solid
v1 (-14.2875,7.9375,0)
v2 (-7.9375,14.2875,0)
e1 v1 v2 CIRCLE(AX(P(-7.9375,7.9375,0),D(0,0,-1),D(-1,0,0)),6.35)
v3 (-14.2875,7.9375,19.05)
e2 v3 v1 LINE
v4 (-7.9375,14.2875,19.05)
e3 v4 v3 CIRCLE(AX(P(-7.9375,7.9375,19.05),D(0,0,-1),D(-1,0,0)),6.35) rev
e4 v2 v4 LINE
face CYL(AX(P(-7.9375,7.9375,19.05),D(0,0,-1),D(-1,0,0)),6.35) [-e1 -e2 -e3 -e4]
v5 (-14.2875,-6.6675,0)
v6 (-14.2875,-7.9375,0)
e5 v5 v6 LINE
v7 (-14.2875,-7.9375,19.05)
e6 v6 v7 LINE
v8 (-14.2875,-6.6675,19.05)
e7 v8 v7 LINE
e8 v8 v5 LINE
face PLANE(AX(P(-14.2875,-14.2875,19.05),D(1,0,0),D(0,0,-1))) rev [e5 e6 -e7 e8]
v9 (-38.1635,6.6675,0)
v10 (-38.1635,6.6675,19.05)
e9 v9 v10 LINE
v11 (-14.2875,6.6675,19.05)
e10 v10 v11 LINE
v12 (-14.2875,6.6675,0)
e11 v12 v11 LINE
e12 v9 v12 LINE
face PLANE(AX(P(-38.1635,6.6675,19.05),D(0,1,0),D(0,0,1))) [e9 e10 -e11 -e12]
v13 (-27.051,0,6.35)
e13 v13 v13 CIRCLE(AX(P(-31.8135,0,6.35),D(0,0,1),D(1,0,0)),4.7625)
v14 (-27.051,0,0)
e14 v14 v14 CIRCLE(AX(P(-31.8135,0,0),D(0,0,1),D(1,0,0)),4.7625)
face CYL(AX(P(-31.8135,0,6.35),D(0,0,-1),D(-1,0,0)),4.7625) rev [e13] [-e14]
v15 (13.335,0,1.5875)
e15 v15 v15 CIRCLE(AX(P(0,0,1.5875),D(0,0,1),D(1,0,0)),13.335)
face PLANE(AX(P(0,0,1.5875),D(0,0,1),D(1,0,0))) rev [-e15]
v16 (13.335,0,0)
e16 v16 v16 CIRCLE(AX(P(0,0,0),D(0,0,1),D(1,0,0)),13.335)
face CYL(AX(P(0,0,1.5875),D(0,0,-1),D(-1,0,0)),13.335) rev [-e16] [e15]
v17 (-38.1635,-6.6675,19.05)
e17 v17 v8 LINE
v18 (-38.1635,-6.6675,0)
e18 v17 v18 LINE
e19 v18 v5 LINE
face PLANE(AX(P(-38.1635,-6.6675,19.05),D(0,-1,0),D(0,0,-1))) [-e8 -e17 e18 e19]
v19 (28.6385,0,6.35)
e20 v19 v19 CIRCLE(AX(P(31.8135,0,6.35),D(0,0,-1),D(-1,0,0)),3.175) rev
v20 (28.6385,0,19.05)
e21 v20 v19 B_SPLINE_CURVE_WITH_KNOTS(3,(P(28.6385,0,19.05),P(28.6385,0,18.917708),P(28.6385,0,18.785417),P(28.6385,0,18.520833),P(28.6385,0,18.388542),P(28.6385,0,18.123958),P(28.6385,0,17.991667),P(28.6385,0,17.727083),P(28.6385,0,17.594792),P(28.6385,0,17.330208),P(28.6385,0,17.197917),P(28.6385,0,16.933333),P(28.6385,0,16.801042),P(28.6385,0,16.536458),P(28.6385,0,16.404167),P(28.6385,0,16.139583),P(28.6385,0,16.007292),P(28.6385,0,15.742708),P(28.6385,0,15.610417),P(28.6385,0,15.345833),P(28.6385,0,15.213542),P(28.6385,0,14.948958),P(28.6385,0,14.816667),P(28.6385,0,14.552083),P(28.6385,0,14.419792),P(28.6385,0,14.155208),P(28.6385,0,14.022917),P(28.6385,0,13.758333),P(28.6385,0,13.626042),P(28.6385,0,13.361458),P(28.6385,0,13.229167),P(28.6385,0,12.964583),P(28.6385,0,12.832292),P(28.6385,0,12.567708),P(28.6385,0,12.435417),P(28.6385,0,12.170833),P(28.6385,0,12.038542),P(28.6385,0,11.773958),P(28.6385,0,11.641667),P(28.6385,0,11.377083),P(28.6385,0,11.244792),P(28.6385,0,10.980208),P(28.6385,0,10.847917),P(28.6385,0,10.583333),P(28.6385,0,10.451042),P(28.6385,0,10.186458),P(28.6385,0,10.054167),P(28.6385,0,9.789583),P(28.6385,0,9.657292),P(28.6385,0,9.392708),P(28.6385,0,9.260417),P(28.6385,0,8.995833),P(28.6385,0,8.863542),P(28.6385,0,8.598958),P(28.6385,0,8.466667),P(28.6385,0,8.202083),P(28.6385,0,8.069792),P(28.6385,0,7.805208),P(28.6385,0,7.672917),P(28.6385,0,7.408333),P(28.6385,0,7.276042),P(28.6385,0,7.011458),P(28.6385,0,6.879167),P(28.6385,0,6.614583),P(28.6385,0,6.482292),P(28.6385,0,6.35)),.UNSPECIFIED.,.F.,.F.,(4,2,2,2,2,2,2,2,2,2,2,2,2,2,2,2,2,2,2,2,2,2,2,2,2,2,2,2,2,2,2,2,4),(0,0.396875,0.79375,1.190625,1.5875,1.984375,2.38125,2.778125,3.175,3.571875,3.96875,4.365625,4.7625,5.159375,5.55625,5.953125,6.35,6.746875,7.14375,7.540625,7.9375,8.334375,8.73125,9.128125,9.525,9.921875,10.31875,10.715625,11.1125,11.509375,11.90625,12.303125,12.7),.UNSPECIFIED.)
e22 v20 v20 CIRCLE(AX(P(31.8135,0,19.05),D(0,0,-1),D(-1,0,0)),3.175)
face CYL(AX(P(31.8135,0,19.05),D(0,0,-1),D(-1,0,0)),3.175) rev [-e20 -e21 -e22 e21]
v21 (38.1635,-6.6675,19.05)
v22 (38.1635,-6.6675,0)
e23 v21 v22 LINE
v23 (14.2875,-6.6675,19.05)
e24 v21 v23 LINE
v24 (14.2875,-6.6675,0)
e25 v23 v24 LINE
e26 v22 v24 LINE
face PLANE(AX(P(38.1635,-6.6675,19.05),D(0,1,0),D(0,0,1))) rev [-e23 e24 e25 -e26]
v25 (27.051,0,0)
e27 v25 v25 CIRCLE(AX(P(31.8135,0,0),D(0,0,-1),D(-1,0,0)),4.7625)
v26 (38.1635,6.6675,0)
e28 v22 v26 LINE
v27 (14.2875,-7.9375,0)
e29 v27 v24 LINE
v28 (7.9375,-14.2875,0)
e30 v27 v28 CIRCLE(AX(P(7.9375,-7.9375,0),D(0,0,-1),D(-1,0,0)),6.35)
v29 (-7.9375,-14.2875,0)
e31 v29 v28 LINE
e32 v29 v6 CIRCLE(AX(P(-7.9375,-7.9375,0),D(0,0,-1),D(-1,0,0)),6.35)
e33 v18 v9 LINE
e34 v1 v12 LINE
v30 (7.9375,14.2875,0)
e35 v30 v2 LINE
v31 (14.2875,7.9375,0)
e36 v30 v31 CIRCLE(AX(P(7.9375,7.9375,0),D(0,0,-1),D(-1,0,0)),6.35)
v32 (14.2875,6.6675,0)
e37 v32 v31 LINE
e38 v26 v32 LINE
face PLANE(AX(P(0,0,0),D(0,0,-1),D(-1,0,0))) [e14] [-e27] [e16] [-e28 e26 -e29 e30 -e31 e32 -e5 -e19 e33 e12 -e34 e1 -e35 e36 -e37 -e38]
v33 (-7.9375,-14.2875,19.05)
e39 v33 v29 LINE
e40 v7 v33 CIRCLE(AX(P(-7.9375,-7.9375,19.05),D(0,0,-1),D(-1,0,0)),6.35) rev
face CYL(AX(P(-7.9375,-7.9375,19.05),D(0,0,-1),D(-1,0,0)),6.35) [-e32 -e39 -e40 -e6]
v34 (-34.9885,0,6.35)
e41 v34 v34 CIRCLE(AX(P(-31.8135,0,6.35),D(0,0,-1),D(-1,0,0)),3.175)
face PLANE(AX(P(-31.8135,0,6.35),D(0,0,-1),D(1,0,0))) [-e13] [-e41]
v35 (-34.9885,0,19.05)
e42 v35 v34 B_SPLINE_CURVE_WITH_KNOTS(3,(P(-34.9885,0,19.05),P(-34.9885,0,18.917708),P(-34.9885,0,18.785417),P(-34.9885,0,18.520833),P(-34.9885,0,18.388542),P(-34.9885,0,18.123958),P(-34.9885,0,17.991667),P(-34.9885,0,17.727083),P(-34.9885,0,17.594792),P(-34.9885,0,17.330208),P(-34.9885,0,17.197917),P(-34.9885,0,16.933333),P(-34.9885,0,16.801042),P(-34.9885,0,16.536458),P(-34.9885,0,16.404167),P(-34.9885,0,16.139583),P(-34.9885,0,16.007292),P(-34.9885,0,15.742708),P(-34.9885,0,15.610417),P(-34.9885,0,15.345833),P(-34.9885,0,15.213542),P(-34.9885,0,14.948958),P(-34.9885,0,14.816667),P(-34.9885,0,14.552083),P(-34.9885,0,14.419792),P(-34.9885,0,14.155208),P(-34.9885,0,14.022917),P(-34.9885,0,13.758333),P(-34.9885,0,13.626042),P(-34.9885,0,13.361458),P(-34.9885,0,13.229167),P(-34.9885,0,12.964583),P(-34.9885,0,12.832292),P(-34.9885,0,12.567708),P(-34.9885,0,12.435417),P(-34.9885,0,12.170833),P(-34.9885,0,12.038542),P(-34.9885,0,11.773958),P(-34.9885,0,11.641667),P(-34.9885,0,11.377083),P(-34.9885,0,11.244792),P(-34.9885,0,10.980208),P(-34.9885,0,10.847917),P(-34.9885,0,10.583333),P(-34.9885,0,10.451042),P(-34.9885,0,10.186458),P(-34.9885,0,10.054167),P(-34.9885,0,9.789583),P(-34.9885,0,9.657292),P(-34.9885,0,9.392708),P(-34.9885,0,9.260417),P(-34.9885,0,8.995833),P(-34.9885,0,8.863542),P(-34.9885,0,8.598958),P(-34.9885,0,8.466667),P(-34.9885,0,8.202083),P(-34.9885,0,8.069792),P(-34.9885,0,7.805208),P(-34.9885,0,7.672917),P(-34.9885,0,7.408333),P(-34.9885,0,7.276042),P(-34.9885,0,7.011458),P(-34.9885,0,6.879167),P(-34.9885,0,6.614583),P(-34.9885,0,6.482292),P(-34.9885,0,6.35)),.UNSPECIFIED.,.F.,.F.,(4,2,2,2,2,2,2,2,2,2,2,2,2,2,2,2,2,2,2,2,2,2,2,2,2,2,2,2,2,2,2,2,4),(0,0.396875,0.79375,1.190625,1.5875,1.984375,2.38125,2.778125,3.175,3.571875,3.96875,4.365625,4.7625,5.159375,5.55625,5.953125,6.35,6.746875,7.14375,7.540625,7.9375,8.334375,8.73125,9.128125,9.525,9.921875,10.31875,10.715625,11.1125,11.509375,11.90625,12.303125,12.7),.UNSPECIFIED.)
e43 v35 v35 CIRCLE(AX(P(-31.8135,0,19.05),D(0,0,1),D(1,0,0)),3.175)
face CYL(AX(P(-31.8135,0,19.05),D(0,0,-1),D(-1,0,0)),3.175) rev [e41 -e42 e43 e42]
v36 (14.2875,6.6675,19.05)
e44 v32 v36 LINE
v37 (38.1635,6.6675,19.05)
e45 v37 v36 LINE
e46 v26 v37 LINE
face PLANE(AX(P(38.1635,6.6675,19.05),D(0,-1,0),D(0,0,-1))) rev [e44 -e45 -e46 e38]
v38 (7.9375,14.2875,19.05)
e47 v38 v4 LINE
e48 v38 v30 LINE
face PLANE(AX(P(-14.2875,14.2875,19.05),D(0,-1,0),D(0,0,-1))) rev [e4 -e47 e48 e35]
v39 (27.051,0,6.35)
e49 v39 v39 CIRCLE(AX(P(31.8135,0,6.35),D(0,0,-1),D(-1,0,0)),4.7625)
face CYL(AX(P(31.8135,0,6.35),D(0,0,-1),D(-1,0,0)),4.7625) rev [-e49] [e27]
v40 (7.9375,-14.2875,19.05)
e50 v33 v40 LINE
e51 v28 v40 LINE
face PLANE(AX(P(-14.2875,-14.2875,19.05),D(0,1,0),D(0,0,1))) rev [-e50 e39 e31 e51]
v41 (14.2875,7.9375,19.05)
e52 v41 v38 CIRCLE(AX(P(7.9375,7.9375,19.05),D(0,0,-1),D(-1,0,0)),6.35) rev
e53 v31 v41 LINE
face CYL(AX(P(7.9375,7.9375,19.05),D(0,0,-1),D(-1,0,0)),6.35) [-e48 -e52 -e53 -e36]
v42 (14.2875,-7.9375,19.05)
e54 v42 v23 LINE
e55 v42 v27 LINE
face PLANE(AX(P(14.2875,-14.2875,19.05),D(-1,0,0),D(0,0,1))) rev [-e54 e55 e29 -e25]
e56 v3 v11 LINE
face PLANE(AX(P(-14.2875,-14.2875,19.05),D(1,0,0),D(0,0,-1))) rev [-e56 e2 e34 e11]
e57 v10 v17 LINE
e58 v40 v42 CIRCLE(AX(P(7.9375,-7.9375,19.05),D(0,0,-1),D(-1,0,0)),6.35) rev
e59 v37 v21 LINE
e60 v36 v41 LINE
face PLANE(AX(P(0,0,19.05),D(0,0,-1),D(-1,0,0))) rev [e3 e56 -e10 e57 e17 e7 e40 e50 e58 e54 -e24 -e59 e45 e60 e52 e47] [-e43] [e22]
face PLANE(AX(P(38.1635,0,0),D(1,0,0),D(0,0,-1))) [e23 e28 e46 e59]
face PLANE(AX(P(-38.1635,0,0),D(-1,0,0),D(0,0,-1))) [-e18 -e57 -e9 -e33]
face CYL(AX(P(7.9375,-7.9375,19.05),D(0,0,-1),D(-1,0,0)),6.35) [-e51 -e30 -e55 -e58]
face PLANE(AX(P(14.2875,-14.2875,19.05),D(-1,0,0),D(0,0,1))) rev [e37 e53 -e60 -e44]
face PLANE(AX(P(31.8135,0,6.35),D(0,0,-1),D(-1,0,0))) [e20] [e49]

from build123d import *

# Parameters (mm, degrees)
SKETCH2_W           = 28.575
SKETCH2_H           = 28.575
BOSS_EXTRUDE2_DEPTH = 19.05
SKETCH1_R           = 13.335
CUT_EXTRUDE4_DEPTH  = 1.5875
FILLET2_R           = 6.35
SKETCH3_W           = 19.05
SKETCH3_H           = 13.335
BOSS_EXTRUDE3_DEPTH = 23.876
SKETCH4_R           = 3.175
CUT_EXTRUDE5_DEPTH  = 45.983195623
SKETCH6_R           = 4.7625
CUT_EXTRUDE6_DEPTH  = 6.35


with BuildPart() as part:
    # Sketch2 → Boss-Extrude2 (new body)
    with BuildSketch(Plane.XY):
        Rectangle(SKETCH2_W, SKETCH2_H)
    extrude(amount=BOSS_EXTRUDE2_DEPTH)

    # Sketch1 → Cut-Extrude4 (cut)
    with BuildSketch(Plane.XY):
        Circle(SKETCH1_R)
    extrude(amount=CUT_EXTRUDE4_DEPTH, mode=Mode.SUBTRACT)

    # Fillet2
    fillet2_edges = [part.edges().sort_by_distance(p)[0] for p in [
        (14.2875, -14.2875, 9.525),
        (-14.2875, -14.2875, 9.525),
        (-14.2875, 14.2875, 9.525),
        (14.2875, 14.2875, 9.525),
    ]]
    fillet(fillet2_edges, radius=FILLET2_R)

    # Sketch3 → Boss-Extrude3 (add)
    with BuildSketch(Plane(origin=(14.2875, 0, 0), x_dir=(0, 0, -1), z_dir=(1, 0, 0))):
        with Locations((-9.525, 0)):
            Rectangle(SKETCH3_W, SKETCH3_H)
    boss_extrude3 = extrude(amount=BOSS_EXTRUDE3_DEPTH)

    # Sketch4 → Cut-Extrude5 (cut, symmetric)
    with BuildSketch(Plane(origin=(0, 0, 0), x_dir=(-1, 0, 0), z_dir=(0, 0, -1))):
        with Locations((-31.8135, 0)):
            Circle(SKETCH4_R)
    cut_extrude5 = extrude(amount=CUT_EXTRUDE5_DEPTH, both=True, mode=Mode.SUBTRACT)

    # Sketch6 → Cut-Extrude6 (cut)
    with BuildSketch(Plane(origin=(0, 0, 0), x_dir=(-1, 0, 0), z_dir=(0, 0, -1))):
        with Locations((-31.8135, 0)):
            Circle(SKETCH6_R)
    cut_extrude6 = extrude(amount=-CUT_EXTRUDE6_DEPTH, mode=Mode.SUBTRACT)

    # Mirror1: Boss-Extrude3, Cut-Extrude5, Cut-Extrude6 across plane
    add(boss_extrude3.mirror(Plane(origin=(0, 0, 0), x_dir=(0, 0, 1), z_dir=(1, 0, 0))))
    add(cut_extrude5.mirror(Plane(origin=(0, 0, 0), x_dir=(0, 0, 1), z_dir=(1, 0, 0))), mode=Mode.SUBTRACT)
    add(cut_extrude6.mirror(Plane(origin=(0, 0, 0), x_dir=(0, 0, 1), z_dir=(1, 0, 0))), mode=Mode.SUBTRACT)


solid = part.part
